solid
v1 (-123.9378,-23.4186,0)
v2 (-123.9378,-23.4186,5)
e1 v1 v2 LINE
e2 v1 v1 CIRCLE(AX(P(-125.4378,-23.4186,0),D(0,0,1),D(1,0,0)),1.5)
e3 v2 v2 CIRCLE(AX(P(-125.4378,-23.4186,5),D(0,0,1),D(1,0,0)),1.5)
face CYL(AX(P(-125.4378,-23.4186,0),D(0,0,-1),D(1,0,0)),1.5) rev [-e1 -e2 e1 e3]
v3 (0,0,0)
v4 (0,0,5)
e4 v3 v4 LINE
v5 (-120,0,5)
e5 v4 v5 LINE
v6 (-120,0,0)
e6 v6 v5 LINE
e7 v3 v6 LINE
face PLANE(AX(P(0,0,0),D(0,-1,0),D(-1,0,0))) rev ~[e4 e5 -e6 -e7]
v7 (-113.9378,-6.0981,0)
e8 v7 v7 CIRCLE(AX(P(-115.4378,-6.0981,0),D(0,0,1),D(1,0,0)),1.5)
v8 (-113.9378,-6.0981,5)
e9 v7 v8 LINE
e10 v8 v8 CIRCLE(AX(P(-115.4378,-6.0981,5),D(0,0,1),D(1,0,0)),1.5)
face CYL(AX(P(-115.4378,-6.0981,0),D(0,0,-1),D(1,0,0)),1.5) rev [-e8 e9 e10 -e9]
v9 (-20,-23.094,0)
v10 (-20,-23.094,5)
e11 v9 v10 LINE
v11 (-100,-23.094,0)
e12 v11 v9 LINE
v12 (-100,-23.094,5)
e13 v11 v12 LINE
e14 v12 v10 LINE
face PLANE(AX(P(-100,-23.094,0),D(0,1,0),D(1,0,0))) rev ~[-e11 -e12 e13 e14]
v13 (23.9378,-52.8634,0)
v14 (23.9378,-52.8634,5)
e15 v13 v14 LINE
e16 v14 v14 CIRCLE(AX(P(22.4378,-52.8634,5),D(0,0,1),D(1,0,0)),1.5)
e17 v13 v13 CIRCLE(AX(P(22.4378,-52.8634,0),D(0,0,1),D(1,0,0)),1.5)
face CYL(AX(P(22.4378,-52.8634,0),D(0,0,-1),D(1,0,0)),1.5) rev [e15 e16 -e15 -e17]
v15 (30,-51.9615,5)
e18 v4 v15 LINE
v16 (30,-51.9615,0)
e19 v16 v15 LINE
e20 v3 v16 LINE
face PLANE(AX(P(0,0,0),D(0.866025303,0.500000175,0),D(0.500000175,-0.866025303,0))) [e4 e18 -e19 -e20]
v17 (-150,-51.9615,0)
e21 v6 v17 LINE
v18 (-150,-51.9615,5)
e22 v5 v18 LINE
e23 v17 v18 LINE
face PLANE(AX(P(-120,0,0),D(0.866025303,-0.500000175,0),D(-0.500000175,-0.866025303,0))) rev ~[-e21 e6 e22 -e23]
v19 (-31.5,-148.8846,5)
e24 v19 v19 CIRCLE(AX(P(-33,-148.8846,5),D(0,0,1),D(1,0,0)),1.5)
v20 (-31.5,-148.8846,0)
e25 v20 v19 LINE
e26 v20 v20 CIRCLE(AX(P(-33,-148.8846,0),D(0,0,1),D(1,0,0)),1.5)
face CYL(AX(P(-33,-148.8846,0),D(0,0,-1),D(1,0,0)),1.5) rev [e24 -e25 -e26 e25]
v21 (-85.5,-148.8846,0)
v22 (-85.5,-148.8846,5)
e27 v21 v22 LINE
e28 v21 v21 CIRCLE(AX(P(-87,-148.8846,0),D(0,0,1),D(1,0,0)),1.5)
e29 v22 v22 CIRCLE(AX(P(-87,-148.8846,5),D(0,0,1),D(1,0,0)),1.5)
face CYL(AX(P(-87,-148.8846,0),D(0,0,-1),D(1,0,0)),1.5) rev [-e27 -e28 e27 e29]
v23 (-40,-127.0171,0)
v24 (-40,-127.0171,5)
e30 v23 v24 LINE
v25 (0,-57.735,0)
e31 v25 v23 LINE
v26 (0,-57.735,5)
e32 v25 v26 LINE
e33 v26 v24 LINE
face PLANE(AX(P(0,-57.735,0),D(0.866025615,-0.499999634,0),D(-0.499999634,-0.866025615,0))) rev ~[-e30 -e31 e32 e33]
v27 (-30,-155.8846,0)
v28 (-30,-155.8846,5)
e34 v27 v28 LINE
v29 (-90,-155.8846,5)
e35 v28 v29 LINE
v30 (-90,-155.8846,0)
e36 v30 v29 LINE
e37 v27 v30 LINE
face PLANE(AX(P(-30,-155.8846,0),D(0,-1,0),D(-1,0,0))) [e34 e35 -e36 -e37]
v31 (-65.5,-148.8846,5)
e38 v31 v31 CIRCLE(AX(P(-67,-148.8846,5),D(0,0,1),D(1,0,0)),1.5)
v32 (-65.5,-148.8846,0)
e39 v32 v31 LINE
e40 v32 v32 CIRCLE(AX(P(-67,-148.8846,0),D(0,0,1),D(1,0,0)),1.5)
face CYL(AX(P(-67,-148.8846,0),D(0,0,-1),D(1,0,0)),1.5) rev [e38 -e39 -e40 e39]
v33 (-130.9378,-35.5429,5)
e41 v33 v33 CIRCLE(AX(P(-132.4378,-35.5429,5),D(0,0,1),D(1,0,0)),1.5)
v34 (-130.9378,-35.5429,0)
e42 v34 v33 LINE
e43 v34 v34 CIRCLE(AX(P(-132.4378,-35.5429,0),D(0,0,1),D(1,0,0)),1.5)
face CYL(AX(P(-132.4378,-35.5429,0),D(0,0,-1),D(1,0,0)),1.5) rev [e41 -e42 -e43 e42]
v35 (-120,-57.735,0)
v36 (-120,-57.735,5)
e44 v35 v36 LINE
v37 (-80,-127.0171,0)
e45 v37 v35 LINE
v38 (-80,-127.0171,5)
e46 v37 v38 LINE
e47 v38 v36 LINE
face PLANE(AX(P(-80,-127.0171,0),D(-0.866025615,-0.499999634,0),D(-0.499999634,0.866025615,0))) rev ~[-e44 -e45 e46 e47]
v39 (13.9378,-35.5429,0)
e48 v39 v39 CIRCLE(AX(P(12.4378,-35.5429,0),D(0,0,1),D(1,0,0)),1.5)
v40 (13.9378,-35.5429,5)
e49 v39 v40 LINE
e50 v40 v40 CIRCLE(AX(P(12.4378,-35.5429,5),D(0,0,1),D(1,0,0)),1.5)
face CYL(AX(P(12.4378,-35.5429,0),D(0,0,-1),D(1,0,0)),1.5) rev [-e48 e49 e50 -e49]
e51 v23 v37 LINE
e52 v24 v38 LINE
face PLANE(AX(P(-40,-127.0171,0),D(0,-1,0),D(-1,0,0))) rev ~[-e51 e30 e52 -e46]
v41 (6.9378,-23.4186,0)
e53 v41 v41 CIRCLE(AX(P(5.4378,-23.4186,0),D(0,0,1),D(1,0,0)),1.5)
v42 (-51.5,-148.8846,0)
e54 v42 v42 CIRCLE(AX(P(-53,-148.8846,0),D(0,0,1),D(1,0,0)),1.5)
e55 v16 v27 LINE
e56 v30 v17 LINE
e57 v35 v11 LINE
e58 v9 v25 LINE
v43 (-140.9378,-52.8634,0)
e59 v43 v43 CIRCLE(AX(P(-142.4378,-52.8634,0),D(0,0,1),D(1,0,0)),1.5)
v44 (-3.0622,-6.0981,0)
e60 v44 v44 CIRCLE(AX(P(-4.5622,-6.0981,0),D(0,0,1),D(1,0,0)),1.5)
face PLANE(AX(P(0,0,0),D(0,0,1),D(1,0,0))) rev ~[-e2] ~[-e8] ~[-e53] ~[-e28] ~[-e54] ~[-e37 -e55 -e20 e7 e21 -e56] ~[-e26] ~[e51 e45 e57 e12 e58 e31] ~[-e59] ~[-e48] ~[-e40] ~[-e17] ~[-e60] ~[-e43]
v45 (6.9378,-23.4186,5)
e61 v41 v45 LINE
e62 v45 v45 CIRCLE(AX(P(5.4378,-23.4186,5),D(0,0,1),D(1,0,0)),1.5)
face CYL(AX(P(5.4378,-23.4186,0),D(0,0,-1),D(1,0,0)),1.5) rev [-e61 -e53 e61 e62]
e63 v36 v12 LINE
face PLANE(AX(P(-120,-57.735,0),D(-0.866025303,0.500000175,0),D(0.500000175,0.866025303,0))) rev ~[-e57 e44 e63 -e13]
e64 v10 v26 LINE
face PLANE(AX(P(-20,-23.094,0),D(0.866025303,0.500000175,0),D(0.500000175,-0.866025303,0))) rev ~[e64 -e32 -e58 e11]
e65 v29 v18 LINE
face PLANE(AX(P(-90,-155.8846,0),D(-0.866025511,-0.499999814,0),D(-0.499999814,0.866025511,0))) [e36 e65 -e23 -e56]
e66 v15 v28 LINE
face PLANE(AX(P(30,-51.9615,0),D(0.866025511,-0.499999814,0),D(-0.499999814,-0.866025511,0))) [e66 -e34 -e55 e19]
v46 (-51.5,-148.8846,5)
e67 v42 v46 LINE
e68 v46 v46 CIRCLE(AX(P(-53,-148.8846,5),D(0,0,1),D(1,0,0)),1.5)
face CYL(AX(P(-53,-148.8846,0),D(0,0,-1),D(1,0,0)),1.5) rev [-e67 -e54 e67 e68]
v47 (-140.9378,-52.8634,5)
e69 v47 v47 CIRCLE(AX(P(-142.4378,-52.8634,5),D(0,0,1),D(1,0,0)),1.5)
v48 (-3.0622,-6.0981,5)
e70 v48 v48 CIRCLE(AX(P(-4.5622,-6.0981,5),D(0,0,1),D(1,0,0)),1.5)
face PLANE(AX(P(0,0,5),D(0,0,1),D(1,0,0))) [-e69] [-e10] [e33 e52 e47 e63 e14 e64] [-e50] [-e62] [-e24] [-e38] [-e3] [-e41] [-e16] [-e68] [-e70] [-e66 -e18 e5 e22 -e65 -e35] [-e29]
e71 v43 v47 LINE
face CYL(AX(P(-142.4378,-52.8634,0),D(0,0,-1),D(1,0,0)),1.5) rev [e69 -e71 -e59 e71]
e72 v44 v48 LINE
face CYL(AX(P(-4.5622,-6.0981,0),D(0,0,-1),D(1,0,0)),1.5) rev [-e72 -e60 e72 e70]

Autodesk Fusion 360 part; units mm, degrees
sketch "Sketch2" plane through (0, 0, 0) normal (0, 0, 1) x (1, 0, 0)
  line L0 (0, 0) -> (-120, 0)
  line L1 (-120, 0) -> (-150, -51.9615)
  line L2 (0, 0) -> (30, -51.9615)
  line L3 (30, -51.9615) -> (-30, -155.8846)
  line L4 (-30, -155.8846) -> (-90, -155.8846)
  line L5 (-90, -155.8846) -> (-150, -51.9615)
  circle A0 centre (-33, -148.8846) radius 1.5
  circle A1 centre (-53, -148.8846) radius 1.5
  circle A2 centre (-87, -148.8846) radius 1.5
  circle A3 centre (-67, -148.8846) radius 1.5
  circle A4 centre (-142.4378, -52.8634) radius 1.5
  line L6 (-150, -51.9615) -> (-139.3427, -58.1145) construction
  line L7 (-109.3484, -6.1497) -> (-120, 0) construction
  circle A5 centre (-132.4378, -35.5429) radius 1.5
  circle A6 centre (-115.4378, -6.0981) radius 1.5
  circle A7 centre (-125.4378, -23.4186) radius 1.5
  line L8 (30, -51.9615) -> (24.7639, -54.9846) construction
  line L9 (0, 0) -> (-6.3914, -3.69) construction
  circle A8 centre (-4.5622, -6.0981) radius 1.5
  circle A9 centre (5.4378, -23.4186) radius 1.5
  circle A10 centre (22.4378, -52.8634) radius 1.5
  circle A11 centre (12.4378, -35.5429) radius 1.5
  line L10 (-135, -25.9808) -> (0, -103.923) construction
  line L11 (15, -25.9808) -> (-120, -103.923) construction
  line L12 (-60, -155.8846) -> (-60, 0) construction
  circle A12 centre (-60, -69.282) radius 1.5
  line L13 (-100, -23.094) -> (-20, -23.094)
  line L14 (-20, -23.094) -> (0, -57.735)
  line L15 (0, -57.735) -> (-40, -127.0171)
  line L16 (-40, -127.0171) -> (-80, -127.0171)
  line L17 (-80, -127.0171) -> (-120, -57.735)
  line L18 (-120, -57.735) -> (-100, -23.094)
  dimension "d1" = 120
  dimension "d2" = 60
  dimension "d8" = 60
  dimension "d9" = 120
  dimension "d10" = 60
  dimension "d13" = 120
  dimension "d14" = 3
  dimension "d15" = 7
  dimension "d16" = 3
  dimension "d17" = 3
  dimension "d18" = 20
  dimension "d19" = 7
  dimension "d20" = 3
  dimension "d21" = 3
  dimension "d22" = 7
  dimension "d23" = 3
  dimension "d24" = 7
  dimension "d25" = 20
  dimension "d26" = 3
  dimension "d27" = 3
  dimension "d28" = 7
  dimension "d29" = 3
  dimension "d30" = 20
  dimension "d31" = 7
  dimension "d32" = 3
  dimension "d33" = 3
  dimension "d34" = 3
  dimension "d35" = 7
  dimension "d36" = 20
  dimension "d37" = 7
  dimension "d38" = 3
  dimension "d39" = 3
  dimension "d40" = 7
  dimension "d41" = 3
  dimension "d42" = 3
  dimension "d43" = 3
  dimension "d44" = 7
  dimension "d45" = 20
  dimension "d46" = 3
  dimension "d47" = 7
  dimension "d48" = 7
  dimension "d49" = 20
  dimension "d50" = 3
  dimension "d51" = 40
  dimension "d52" = 80
  dimension "d53" = 40
  dimension "d54" = 80
  dimension "d56" = 20
  dimension "d57" = 40
extrude "Extrude1" add sketch "Sketch2" along normal blind 5 contours L0 L1 L2 L3 L4 L5
